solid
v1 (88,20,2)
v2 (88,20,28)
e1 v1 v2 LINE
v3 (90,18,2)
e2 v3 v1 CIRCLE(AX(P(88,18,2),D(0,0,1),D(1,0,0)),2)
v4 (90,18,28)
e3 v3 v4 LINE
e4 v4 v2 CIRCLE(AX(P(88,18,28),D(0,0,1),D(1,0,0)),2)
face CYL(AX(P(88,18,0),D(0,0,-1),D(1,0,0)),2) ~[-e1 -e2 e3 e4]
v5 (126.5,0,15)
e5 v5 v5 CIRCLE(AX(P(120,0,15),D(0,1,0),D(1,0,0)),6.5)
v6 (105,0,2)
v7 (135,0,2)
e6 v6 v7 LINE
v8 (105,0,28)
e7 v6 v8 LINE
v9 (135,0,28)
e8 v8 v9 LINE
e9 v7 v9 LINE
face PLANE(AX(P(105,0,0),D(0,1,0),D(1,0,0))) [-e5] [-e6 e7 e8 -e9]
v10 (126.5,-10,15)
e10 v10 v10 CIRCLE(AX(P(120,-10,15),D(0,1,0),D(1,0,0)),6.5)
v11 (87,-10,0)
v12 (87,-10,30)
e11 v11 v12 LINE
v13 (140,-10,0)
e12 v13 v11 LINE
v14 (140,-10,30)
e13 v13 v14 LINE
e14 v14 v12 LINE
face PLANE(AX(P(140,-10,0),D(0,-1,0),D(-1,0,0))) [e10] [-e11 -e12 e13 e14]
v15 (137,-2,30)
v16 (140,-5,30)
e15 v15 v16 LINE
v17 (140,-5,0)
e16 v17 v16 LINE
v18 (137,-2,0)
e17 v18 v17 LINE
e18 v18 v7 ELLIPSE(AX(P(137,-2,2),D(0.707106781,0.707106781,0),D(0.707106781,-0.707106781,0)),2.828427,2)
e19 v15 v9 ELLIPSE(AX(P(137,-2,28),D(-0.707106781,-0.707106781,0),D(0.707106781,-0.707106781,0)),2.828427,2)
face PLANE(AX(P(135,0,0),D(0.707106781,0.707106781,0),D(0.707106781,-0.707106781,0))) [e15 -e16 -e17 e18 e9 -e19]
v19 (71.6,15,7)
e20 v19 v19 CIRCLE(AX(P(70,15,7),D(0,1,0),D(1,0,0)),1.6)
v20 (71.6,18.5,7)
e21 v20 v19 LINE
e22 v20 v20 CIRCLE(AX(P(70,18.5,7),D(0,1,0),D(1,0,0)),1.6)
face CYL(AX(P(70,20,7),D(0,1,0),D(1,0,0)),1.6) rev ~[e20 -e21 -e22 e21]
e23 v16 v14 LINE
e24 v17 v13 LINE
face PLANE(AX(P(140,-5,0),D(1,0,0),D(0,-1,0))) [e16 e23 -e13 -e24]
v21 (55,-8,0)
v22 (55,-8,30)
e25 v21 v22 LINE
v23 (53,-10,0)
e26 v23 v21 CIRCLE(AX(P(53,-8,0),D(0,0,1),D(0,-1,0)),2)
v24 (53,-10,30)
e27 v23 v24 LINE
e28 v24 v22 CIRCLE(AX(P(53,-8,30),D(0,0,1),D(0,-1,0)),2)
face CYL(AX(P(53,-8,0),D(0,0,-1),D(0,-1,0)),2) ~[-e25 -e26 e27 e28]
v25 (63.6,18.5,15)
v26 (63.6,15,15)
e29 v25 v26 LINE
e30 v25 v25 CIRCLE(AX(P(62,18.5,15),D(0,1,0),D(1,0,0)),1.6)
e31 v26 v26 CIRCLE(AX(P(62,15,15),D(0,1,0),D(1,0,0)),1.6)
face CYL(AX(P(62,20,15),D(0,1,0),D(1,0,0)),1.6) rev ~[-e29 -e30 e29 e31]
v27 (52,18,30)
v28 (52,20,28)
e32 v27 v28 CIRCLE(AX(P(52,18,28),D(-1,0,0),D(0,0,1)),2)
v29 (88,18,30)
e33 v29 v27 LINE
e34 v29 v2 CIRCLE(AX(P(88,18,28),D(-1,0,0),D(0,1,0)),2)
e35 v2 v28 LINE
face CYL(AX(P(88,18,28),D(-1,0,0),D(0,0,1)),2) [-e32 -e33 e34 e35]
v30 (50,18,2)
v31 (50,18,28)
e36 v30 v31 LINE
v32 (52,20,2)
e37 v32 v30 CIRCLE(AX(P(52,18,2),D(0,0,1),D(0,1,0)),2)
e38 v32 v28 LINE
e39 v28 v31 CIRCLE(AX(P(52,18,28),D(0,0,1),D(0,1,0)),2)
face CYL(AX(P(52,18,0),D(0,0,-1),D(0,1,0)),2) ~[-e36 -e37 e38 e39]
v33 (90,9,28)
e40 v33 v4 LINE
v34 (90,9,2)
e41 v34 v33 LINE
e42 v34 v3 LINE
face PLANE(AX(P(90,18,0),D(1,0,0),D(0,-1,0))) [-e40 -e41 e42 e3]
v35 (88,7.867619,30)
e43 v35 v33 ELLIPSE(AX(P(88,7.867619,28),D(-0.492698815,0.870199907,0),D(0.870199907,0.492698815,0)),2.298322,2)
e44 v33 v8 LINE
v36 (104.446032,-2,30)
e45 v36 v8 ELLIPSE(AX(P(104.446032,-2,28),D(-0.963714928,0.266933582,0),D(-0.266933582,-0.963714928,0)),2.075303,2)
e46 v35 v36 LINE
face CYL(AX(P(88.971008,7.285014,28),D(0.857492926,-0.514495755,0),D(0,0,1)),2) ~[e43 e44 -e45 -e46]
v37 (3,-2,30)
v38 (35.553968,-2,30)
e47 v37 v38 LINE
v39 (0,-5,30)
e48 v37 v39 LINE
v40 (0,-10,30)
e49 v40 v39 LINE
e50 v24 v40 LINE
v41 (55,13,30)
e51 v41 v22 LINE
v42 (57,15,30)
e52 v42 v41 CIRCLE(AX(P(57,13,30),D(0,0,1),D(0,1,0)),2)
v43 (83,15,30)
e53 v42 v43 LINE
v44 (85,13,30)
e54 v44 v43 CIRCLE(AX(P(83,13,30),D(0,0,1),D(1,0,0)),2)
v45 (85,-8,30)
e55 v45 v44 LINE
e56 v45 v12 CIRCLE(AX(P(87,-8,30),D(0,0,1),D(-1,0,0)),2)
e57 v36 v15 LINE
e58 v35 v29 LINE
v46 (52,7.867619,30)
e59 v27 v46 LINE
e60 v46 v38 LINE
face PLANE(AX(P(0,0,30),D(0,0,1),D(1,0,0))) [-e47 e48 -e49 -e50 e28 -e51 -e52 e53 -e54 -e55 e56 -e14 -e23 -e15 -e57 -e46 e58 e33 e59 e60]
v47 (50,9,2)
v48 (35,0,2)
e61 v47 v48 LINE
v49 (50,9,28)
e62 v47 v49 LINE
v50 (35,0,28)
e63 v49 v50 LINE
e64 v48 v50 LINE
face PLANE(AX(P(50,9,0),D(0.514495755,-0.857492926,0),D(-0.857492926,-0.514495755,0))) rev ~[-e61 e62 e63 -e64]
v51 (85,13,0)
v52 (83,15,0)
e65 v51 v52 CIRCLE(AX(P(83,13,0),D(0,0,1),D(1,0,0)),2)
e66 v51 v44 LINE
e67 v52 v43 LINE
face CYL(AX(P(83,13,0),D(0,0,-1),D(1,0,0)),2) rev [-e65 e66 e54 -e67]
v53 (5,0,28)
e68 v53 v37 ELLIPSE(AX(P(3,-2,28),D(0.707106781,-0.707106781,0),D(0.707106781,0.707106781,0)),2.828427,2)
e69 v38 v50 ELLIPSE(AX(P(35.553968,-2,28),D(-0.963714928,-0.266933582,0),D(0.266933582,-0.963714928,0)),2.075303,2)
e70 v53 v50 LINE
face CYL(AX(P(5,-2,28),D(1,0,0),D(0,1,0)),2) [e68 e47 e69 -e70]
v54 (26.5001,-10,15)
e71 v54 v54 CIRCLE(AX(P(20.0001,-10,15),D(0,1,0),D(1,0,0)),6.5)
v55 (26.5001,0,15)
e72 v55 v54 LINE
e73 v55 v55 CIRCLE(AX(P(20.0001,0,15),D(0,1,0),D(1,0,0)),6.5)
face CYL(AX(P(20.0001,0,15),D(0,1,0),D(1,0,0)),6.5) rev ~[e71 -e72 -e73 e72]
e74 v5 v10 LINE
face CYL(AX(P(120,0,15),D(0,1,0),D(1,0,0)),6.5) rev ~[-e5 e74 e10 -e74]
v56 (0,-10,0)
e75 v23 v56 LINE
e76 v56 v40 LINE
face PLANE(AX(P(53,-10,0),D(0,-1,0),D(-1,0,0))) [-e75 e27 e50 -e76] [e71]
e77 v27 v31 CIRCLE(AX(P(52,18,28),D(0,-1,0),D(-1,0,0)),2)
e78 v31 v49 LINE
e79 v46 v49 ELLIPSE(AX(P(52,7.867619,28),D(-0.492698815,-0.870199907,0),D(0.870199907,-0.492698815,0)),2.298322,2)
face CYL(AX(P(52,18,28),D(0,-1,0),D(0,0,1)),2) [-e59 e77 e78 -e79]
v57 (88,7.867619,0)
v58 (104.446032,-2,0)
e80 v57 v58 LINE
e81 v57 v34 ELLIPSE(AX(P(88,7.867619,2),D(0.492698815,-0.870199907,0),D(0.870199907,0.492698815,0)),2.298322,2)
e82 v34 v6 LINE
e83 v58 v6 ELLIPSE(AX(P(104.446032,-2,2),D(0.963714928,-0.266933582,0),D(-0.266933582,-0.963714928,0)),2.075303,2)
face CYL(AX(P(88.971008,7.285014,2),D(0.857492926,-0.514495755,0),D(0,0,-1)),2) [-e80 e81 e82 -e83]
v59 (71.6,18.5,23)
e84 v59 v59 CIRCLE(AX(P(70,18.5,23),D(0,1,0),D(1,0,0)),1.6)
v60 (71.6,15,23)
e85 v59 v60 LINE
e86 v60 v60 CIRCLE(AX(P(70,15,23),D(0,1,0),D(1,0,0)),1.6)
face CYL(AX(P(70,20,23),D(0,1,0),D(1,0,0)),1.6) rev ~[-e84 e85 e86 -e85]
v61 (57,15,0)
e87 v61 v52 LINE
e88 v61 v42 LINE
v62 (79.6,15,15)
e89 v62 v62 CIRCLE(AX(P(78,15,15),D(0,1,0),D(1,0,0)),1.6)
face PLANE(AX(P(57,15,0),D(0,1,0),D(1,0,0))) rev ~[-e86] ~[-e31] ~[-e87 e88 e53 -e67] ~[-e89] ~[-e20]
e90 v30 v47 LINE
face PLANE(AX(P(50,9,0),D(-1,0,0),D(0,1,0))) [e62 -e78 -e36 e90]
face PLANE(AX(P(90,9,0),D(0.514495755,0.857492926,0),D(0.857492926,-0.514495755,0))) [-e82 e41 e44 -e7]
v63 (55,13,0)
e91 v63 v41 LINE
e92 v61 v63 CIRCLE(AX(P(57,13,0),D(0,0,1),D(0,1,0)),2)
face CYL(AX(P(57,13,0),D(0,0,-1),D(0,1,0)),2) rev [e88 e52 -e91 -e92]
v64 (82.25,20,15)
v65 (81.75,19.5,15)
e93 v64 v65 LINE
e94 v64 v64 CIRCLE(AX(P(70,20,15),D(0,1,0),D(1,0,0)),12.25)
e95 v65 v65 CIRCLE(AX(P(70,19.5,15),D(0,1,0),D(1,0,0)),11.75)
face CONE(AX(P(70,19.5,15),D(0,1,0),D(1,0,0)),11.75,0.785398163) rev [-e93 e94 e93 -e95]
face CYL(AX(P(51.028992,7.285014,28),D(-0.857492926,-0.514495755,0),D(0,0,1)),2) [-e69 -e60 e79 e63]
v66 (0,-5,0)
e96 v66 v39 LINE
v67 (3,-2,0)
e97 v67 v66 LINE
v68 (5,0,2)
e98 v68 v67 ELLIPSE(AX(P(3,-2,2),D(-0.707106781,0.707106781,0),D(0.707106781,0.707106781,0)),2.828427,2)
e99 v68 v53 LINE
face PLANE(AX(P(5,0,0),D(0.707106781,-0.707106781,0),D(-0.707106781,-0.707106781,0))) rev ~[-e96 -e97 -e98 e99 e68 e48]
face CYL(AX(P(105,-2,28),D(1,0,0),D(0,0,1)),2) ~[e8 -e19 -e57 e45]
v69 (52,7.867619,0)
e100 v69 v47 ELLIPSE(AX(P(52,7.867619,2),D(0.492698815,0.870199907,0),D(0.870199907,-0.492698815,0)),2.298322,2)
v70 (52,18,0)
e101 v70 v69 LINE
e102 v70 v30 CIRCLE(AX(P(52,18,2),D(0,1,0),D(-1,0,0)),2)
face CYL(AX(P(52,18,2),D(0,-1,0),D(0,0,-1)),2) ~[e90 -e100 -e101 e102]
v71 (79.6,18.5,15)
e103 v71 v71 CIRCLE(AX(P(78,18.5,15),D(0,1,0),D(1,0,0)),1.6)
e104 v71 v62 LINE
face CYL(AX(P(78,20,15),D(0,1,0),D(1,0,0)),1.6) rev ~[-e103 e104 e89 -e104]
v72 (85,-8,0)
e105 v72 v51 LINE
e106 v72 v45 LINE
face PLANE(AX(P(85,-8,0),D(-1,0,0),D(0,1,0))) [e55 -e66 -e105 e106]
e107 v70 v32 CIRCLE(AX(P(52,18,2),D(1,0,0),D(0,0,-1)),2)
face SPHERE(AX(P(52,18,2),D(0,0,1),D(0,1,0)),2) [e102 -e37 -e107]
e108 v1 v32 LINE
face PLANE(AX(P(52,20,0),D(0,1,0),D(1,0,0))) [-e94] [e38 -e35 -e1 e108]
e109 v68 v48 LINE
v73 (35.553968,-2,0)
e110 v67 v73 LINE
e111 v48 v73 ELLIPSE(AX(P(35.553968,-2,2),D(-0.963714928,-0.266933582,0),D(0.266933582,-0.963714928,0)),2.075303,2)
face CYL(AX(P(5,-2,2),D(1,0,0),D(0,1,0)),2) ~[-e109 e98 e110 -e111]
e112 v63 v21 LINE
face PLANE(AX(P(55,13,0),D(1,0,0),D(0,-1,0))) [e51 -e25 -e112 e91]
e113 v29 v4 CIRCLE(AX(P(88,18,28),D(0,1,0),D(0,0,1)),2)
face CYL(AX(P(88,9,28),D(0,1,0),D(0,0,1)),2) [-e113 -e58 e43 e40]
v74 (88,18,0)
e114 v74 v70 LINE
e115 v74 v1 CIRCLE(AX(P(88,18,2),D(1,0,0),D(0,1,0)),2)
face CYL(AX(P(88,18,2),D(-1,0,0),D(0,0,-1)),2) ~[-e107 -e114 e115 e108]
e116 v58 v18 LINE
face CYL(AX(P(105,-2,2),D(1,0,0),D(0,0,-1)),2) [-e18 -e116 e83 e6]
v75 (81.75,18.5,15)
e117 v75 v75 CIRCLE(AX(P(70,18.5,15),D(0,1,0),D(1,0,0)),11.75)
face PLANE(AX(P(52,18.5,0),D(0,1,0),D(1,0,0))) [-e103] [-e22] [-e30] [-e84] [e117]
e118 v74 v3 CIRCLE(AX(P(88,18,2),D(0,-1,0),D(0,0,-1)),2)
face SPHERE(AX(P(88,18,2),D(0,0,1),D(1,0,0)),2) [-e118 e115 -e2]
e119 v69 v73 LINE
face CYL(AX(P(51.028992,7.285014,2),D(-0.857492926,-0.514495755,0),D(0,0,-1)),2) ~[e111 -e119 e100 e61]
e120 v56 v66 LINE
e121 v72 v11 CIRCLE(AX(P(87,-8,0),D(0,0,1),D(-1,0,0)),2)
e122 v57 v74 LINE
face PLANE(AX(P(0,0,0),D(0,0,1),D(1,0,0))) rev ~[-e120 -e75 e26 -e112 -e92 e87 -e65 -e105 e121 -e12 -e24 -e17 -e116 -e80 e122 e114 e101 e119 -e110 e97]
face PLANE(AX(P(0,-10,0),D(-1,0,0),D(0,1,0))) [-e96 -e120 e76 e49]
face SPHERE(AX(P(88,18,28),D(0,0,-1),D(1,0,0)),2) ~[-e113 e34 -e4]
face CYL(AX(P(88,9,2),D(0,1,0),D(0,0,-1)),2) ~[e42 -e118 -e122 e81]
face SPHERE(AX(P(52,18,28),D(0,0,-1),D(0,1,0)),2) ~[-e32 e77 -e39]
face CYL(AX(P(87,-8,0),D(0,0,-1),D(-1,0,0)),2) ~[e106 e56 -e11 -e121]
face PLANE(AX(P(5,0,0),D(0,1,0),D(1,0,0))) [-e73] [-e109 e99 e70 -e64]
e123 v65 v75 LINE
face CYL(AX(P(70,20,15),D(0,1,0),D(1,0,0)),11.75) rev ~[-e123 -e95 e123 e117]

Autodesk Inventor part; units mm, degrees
ref_plane "YZ Plane" through (0, 0, 0) normal (1, 0, 0) x (0, 1, 0)
ref_plane "XZ Plane" through (0, 0, 0) normal (0, 1, 0) x (-1, 0, 0)
ref_plane "XY Plane" through (0, 0, 0) normal (0, 0, 1) x (1, 0, 0)
sketch "Sketch1" plane through (0, 0, 0) normal (0, 0, 1) x (1, 0, 0)
  line L0 (5, 0) -> (50, 0)
  line L1 (50, 0) -> (50, 18)
  line L2 (52, 20) -> (88, 20)
  line L3 (90, 18) -> (90, 0)
  line L4 (105, 0) -> (135, 0)
  line L5 (140, -5) -> (140, -10)
  line L6 (140, -10) -> (87, -10)
  line L7 (53, -10) -> (0, -10)
  line L8 (0, -10) -> (0, -5)
  line L9 (57, 15) -> (83, 15)
  line L10 (55, 13) -> (55, -8)
  line L11 (85, -8) -> (85, 13)
  arc A0 (52, 20) -> (50, 18) centre (52, 18) ccw
  arc A1 (90, 18) -> (88, 20) centre (88, 18) ccw
  line L12 (50, 9) -> (35, 0)
  line L13 (90, 0) -> (90, 9)
  line L14 (90, 9) -> (105, 0)
  arc A2 (57, 15) -> (55, 13) centre (57, 13) ccw
  arc A3 (85, 13) -> (83, 15) centre (83, 13) ccw
  arc A4 (53, -10) -> (55, -8) centre (53, -8) ccw
  arc A5 (85, -8) -> (87, -10) centre (87, -8) ccw
  line L15 (5, 0) -> (0, -5)
  line L16 (135, 0) -> (140, -5)
  point P0 (0, 0)
  point P1 (50, 20)
  point P2 (90, 20)
  point P3 (140, 0)
  point P4 (140, 0)
  point P5 (0, 0)
  point P6 (140, 0)
  dimension "d0" = 50
  dimension "d1" = 20
  dimension "d2" = 40
  dimension "d3" = 50
  dimension "d4" = 10
  dimension "d7" = 10
  dimension "d8" = 5
  dimension "d9" = 2
  dimension "d10" = 15
  dimension "d11" = 9
  dimension "d12" = 15
  dimension "d13" = 2
  dimension "d14" = 30
  dimension "d15" = 2
  dimension "d18" = 5
  dimension "d19" = 5
  dimension "d20" = 5
  dimension "d21" = 5
extrude "Extrusion1" add sketch "Sketch1" along normal blind 30
sketch "Sketch2" plane through (105, 0, 0) normal (0, 1, 0) x (1, 0, 0)
  circle A0 centre (15, -15) radius 6.5
  line L0 (30, 0) -> (0, 0) projected
  line L1 (0, 0) -> (0, -30) projected
  circle A1 centre (-84.9999, -15) radius 6.5
  line L2 (-100, 0) -> (-100, -30) projected
  line L3 (-70, 0) -> (-100, 0) projected
  point P0 (-105, 0)
  point P1 (0, -15)
  dimension "d24" = 13
  dimension "d25" = 15
  dimension "d26" = 15
  dimension "d27" = 13
  dimension "d28" = 15
  dimension "d29" = 15
extrude "Extrusion2" cut sketch "Sketch2" against normal blind 30
sketch "Sketch3" plane through (0, 0, 30) normal (0, 0, 1) x (1, 0, 0)
  point P0 (0, 0)
sketch "Sketch4" plane through (52, 20, 0) normal (0, 1, 0) x (1, 0, 0)
  circle A0 centre (18, -15) radius 11.75
  line L0 (38, 0) -> (38, -30) projected
  line L1 (36, 0) -> (0, 0) projected
  circle A1 centre (18, -7) radius 1.6
  circle A2 centre (10, -15) radius 1.6
  circle A3 centre (18, -23) radius 1.6
  circle A4 centre (26, -15) radius 1.6
  point P0 (-52, 0)
  dimension "d32" = 23.5
  dimension "d33" = 20
  dimension "d34" = 15
  dimension "d35" = 3.2
  dimension "d36" = 8
  dimension "d39" = 360
extrude "Extrusion3" cut sketch "Sketch4" against normal blind 1.5
extrude "Extrusion4" cut sketch "Sketch4" against normal blind 30 contours A1 | A2 | A3 | A4
fillet "Fillet1" radius 2 18 edges at (50.5858, 19.4142, 0) (50, 13.5, 0) (89.4142, 19.4142, 0) (90, 13.5, 0) (70, 20, 0) (50.5858, 19.4142, 30) (50, 13.5, 30) (89.4142, 19.4142, 30) (90, 13.5, 30) (70, 20, 30) (97.5, 4.5, 30) (120, 0, 30) (97.5, 4.5, 0) (120, 0, 0) (42.5, 4.5, 30) (20, 0, 30) (20, 0, 0) (42.5, 4.5, 0)
chamfer "Chamfer1" distance 0.5 angle 45 1 edges at (58.25, 20, 15)
sketch "Sketch5" plane through (105, 0, 28) normal (0, 1, 0) x (1, 0, 0)
  point P0 (-105, 28)
equation "\"d19\" = d18"
equation "\"d20\" = d18"
equation "\"d21\" = d20"
equation "\"BendRadius\" = Thickness"
equation "\"BendReliefWidth\" = Thickness"
equation "\"BendReliefDepth\" = 0.5 * Thickness"
equation "\"CornerReliefSize\" = 4 * Thickness"
equation "\"MinimumRemnant\" = 2 * Thickness"
equation "\"TransitionRadius\" = BendRadius"
equation "\"JacobiRadiusSize\" = BendRadius"
equation "\"GapSize\" = Thickness"
equation "\"Thickness\" = 0.5"
properties part number "4_DOF_2"
